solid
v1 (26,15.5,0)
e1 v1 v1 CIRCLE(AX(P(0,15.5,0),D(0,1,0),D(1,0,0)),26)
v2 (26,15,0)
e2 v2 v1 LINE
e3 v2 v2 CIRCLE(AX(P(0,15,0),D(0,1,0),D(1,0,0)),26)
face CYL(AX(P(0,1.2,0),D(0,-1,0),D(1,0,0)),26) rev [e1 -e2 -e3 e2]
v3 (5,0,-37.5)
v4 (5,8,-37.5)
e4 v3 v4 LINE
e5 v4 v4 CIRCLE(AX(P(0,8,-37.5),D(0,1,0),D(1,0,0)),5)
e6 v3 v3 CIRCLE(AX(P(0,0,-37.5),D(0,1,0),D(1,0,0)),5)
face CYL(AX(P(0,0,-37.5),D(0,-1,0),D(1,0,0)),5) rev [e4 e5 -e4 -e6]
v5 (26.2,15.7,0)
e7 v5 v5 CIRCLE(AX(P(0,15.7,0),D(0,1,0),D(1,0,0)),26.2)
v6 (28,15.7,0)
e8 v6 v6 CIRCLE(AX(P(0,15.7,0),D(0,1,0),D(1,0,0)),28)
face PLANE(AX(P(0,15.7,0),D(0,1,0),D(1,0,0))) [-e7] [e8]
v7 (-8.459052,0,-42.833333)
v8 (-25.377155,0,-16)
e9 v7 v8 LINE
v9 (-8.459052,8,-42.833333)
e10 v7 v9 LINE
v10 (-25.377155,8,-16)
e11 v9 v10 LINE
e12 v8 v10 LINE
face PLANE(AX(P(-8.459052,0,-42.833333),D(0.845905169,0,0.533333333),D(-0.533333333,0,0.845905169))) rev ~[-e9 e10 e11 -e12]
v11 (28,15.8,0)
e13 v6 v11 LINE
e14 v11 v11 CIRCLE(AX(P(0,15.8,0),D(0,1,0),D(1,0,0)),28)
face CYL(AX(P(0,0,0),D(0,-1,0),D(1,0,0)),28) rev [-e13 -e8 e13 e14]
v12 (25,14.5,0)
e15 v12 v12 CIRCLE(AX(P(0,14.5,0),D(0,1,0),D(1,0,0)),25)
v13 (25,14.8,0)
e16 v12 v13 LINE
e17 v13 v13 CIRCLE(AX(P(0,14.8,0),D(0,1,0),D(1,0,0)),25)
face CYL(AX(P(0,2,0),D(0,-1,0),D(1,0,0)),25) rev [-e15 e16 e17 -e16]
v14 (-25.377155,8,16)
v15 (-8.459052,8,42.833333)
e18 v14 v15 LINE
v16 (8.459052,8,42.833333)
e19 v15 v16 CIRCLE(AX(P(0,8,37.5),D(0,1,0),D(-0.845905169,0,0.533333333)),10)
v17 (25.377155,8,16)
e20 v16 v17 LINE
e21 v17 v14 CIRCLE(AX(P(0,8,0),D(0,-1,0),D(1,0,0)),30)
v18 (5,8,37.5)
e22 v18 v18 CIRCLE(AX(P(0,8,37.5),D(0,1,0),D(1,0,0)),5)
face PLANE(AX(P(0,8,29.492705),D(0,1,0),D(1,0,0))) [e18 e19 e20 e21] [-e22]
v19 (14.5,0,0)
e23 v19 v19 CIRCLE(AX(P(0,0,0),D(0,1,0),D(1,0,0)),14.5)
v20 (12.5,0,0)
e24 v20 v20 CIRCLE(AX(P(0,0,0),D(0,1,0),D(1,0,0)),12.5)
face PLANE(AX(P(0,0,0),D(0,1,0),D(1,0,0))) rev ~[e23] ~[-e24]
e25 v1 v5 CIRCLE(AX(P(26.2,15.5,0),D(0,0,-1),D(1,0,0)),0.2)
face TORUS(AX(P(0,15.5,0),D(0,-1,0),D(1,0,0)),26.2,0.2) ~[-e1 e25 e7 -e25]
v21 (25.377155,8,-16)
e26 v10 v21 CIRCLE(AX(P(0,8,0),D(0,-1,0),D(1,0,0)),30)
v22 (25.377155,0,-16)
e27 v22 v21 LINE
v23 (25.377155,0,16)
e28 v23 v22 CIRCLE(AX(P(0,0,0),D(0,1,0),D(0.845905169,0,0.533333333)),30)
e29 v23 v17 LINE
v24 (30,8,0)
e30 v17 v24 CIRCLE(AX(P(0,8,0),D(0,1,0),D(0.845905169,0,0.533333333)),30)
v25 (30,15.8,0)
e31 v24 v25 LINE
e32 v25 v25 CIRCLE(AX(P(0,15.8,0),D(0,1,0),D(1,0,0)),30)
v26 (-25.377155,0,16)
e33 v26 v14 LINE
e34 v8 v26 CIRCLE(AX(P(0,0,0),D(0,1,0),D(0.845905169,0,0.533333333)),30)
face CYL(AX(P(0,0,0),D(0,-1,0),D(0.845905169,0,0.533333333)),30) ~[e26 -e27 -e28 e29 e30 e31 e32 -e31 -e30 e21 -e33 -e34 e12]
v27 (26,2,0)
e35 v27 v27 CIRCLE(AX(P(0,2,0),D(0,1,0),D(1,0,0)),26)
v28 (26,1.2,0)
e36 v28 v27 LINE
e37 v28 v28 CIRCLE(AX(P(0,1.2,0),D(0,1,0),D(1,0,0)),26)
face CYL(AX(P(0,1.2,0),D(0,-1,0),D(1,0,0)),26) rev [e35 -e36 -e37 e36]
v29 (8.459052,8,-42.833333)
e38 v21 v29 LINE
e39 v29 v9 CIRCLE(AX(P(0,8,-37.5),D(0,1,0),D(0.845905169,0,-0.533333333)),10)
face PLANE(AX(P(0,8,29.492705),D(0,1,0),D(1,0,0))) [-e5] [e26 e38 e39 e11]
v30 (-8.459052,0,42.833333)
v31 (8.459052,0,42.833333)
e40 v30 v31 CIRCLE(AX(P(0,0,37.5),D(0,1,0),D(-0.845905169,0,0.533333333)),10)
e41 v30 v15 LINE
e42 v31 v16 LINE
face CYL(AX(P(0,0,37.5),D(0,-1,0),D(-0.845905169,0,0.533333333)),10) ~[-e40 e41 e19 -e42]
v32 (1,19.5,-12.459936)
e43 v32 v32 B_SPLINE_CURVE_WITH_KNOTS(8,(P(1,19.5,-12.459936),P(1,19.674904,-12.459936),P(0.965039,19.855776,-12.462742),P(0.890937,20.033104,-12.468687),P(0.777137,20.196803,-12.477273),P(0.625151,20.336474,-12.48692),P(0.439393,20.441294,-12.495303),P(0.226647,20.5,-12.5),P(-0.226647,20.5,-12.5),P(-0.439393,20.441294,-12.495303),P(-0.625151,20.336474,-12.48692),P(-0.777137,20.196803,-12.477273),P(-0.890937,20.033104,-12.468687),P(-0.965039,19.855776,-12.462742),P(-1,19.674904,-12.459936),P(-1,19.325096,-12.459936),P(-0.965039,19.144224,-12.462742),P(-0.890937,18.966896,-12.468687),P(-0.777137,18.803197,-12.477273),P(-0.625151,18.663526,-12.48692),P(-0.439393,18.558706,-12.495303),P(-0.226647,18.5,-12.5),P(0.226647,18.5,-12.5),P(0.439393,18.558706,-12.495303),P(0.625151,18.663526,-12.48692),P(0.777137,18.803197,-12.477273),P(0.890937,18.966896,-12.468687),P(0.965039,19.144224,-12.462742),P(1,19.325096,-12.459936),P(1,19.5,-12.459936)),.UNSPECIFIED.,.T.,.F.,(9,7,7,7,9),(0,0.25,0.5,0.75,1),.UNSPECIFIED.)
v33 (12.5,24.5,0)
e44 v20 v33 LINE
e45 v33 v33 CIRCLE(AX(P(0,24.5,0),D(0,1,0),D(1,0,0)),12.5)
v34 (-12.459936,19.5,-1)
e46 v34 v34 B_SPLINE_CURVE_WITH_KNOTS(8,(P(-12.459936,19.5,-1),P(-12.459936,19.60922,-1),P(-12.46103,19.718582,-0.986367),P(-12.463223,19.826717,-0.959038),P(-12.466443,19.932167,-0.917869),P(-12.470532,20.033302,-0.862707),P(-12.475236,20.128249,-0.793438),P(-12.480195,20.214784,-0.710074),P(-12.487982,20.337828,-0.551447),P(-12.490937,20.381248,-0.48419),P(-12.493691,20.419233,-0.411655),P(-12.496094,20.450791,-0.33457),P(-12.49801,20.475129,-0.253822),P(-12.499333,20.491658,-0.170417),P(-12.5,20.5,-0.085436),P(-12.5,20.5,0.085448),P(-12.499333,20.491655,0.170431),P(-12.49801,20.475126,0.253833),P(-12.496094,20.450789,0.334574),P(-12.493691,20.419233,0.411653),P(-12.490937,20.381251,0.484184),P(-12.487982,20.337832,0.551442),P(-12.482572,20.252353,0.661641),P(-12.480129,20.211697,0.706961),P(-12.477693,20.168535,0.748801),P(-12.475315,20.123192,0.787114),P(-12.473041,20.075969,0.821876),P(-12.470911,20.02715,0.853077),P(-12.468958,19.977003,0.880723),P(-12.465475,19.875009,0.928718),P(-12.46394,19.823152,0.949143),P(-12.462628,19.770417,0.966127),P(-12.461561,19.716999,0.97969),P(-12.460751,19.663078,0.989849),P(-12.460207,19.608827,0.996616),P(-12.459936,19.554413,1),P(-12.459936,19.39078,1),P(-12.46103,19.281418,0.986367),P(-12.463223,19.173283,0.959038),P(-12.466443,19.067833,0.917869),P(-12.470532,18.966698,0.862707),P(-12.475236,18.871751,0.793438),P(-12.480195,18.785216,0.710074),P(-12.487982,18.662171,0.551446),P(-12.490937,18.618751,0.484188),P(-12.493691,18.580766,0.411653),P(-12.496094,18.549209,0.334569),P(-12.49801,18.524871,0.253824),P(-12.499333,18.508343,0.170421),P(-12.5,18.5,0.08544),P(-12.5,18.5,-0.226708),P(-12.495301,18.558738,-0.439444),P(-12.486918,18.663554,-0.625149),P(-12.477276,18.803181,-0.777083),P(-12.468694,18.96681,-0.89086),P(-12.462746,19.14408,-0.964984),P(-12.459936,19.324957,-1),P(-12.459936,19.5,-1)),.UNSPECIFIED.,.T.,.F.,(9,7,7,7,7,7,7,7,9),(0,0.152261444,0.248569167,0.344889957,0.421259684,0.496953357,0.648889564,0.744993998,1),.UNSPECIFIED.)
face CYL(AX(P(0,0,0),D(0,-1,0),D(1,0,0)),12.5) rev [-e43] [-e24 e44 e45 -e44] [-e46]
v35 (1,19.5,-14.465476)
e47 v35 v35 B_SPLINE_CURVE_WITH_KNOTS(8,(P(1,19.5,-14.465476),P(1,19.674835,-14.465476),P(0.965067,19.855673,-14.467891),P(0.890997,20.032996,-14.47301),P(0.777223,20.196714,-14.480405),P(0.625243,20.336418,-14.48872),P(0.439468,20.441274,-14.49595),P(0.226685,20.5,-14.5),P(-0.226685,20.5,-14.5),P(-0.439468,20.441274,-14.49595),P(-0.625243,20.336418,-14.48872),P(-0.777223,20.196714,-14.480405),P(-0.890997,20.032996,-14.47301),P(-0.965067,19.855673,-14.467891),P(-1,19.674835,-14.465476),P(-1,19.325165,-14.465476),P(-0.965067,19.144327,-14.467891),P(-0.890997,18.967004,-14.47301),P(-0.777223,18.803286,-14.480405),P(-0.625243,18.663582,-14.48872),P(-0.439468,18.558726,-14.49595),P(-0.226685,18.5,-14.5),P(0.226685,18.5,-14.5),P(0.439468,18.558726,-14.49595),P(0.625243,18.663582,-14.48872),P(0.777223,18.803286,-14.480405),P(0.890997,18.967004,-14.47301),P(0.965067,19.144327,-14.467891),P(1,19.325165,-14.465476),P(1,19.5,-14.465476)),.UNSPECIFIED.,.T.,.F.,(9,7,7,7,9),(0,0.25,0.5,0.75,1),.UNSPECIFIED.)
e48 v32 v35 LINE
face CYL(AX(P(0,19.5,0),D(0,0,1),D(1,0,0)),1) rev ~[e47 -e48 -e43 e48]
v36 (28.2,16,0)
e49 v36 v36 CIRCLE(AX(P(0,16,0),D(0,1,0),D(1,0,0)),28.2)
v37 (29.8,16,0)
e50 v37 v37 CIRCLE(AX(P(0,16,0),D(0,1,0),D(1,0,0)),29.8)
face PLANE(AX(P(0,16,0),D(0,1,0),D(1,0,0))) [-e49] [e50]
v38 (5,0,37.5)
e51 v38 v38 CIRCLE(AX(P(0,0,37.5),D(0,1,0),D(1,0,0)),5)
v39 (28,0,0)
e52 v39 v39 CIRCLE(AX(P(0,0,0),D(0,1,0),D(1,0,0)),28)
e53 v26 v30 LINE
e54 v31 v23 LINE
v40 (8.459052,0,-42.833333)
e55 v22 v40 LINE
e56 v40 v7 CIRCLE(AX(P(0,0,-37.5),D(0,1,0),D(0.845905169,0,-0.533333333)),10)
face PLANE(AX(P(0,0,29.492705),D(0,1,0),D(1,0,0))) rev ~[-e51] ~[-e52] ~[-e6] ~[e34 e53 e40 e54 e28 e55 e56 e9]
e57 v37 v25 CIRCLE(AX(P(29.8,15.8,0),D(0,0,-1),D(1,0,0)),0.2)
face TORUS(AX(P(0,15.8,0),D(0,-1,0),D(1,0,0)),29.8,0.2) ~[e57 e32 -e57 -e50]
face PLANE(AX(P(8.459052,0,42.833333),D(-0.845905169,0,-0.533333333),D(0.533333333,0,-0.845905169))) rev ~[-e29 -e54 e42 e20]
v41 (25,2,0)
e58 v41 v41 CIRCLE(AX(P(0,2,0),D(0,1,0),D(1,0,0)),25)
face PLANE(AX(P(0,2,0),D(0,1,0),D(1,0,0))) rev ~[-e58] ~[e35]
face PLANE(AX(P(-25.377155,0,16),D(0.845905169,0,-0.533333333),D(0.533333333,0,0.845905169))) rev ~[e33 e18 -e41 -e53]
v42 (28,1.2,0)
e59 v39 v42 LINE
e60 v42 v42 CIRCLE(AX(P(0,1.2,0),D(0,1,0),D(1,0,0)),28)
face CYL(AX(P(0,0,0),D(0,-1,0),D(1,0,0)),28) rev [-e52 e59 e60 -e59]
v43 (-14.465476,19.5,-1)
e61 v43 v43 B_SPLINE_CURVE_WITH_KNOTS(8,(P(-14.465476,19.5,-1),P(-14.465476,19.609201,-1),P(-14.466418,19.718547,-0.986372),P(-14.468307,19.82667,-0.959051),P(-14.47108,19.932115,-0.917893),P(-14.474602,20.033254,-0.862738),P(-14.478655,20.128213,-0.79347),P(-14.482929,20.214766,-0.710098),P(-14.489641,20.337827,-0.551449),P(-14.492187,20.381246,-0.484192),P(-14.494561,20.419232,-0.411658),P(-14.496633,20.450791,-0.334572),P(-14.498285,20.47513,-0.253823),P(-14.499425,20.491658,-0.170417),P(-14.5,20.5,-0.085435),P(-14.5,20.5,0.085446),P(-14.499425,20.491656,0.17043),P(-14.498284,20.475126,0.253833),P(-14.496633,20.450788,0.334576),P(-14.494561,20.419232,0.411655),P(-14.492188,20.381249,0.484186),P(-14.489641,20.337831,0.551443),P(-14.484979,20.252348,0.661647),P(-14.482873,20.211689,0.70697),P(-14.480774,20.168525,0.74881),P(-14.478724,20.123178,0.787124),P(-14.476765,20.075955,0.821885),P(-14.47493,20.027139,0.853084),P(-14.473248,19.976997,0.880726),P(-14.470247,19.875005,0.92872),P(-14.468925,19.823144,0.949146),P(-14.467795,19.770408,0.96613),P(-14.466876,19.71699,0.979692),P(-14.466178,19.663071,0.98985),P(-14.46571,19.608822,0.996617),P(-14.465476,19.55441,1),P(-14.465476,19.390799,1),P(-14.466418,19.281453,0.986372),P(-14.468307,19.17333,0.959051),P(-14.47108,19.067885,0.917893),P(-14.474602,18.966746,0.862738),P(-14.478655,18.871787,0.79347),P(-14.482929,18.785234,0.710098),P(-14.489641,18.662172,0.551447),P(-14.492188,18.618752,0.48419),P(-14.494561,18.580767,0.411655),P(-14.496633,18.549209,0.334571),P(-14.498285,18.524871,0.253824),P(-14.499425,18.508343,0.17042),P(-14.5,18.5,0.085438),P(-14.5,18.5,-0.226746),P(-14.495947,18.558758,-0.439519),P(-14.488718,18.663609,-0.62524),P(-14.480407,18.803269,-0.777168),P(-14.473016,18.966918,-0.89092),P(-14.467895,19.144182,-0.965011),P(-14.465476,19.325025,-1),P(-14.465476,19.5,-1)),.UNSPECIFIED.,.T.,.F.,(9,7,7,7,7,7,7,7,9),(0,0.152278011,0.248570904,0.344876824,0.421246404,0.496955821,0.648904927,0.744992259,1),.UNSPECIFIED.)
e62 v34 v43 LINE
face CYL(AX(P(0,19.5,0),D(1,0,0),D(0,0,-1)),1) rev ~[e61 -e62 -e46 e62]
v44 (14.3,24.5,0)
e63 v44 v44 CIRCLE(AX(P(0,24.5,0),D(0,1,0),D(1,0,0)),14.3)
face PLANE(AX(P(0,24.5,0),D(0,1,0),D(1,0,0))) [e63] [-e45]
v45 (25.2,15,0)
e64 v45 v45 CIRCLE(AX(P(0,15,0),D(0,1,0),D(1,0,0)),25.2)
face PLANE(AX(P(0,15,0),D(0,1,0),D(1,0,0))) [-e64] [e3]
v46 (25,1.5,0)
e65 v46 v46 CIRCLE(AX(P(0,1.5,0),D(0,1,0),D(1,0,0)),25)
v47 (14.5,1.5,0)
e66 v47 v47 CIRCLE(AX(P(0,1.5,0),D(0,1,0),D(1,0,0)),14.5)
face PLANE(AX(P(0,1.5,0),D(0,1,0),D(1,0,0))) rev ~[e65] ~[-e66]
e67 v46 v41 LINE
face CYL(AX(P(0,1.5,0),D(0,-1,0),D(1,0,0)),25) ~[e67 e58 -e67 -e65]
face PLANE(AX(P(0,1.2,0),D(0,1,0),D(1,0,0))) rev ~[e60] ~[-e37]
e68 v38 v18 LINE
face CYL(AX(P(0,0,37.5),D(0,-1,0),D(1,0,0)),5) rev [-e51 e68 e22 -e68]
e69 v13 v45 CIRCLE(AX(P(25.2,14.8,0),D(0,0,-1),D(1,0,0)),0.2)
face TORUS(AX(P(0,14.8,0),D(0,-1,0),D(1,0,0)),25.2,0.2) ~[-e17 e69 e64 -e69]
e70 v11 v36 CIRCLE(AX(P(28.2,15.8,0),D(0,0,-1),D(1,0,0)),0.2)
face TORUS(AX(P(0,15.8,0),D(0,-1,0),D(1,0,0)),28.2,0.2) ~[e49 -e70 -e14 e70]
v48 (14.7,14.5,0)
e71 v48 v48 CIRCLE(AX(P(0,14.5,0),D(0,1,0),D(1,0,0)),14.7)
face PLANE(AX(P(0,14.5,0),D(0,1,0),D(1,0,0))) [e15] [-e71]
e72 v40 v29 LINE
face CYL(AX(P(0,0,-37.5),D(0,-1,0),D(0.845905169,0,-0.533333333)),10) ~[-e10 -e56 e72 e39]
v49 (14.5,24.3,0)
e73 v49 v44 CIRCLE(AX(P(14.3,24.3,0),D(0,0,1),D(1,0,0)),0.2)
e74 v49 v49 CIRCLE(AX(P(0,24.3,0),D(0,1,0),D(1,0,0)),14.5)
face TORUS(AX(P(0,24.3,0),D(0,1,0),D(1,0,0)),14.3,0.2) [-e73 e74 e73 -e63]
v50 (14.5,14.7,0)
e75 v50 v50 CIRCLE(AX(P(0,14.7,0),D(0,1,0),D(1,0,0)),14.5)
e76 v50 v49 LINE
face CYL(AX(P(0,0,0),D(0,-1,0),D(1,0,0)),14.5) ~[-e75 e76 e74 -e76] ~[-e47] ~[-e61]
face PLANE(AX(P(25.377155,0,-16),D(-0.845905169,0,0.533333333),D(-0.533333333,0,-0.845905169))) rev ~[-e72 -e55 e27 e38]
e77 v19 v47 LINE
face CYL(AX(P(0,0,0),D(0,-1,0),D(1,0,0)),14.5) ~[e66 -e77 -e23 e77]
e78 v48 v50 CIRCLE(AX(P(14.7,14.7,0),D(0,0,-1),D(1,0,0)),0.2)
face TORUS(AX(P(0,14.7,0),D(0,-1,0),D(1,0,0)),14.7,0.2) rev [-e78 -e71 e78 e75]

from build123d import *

# Parameters (mm, degrees)
SKETCH1_R             = 4.999999999999999
SKETCH1_R_2           = 27.999999999999996
EXTRUDE_A1_DEPTH      = 8
SKETCH1_3_R           = 27.999999999999996
EXTRUDE_A_DEPTH       = 16
SKETCH1_4_R           = 14.5
SKETCH1_4_R_2         = 12.5
EXTRUDE_A0_DEPTH      = 24.5
BEARING_START         = 2
SKETCH1_7_R           = 25.999999999999996
SKETCH1_7_R_2         = 24.999999999999993
BEARING_OUTER_D_DEPTH = 13
BOSS_EXTRUDE6_START   = 1.2
SKETCH1_8_R           = 27.999999999999996
SKETCH1_8_R_2         = 25.999999999999996
BOSS_EXTRUDE6_DEPTH   = 14.5
BOSS_EXTRUDE7_START   = 1.5
SKETCH1_9_R           = 24.999999999999993
SKETCH1_9_R_2         = 14.5
BOSS_EXTRUDE7_DEPTH   = 13
CUT_EXTRUDE1_REACH    = 63.29
SKETCH2_R             = 1.0000000000000018
CUT_EXTRUDE2_REACH    = 63.29
SKETCH3_R             = 1.0000000000000024
FILLET1_R             = 0.2
FILLET2_R             = 0.2


with BuildPart() as part:
    # Sketch1 → Extrude A1 (new body)
    with BuildSketch(Plane(origin=(0, 0, 0), x_dir=(1, 0, 0), z_dir=(0, 1, 0))):
        with BuildLine():
            Line((8.459051693633015, -42.833333333333336), (25.37715508089905, -16))
            ThreePointArc((25.377155080899044, -15.999999999999996), (30, 0), (25.377155080899044, 15.999999999999993))
            Line((25.37715508089905, 16), (8.459051693633015, 42.833333333333336))
            ThreePointArc((8.459051693633013, 42.833333333333336), (1.33e-15, 47.5), (-8.459051693633013, 42.833333333333336))
            Line((-8.459051693633015, 42.833333333333336), (-25.37715508089905, 16))
            ThreePointArc((-25.377155080899048, 15.99999999999999), (-30, 3.67e-15), (-25.37715508089905, -15.999999999999982))
            Line((-25.37715508089905, -16), (-8.459051693633015, -42.833333333333336))
            ThreePointArc((-8.459051693633013, -42.833333333333336), (-8.9e-16, -47.5), (8.459051693633013, -42.833333333333336))
        make_face()
        with Locations((0, -37.5)):
            Circle(SKETCH1_R, mode=Mode.SUBTRACT)
        Circle(SKETCH1_R_2, mode=Mode.SUBTRACT)
        with Locations((0, 37.5)):
            Circle(SKETCH1_R, mode=Mode.SUBTRACT)
    extrude(amount=EXTRUDE_A1_DEPTH)

    # Sketch1<3> → Extrude A (add)
    with BuildSketch(Plane(origin=(0, 0, 0), x_dir=(1, 0, 0), z_dir=(0, 1, 0))):
        with BuildLine():
            ThreePointArc((-25.37715508089905, -15.999999999999982), (-5.51e-15, -30), (25.377155080899044, -15.999999999999993))
            ThreePointArc((25.377155080899044, -15.999999999999993), (28.82112638696631, -8.32722485504711), (30, -7.35e-15))
            ThreePointArc((30, 0), (28.82112638696631, 8.327224855047108), (25.377155080899044, 15.999999999999993))
            ThreePointArc((25.377155080899044, 15.999999999999993), (-4.82e-15, 30), (-25.377155080899048, 15.99999999999999))
            ThreePointArc((-25.377155080899048, 15.99999999999999), (-30, 3.67e-15), (-25.37715508089905, -15.999999999999982))
        make_face()
        Circle(SKETCH1_3_R, mode=Mode.SUBTRACT)
    extrude(amount=EXTRUDE_A_DEPTH)



with BuildPart() as body_2:
    # Sketch1<4> → Extrude A0 (new body)
    with BuildSketch(Plane(origin=(0, 0, 0), x_dir=(1, 0, 0), z_dir=(0, 1, 0))):
        Circle(SKETCH1_4_R)
        Circle(SKETCH1_4_R_2, mode=Mode.SUBTRACT)
    extrude(amount=EXTRUDE_A0_DEPTH)


with BuildPart() as body_3:
    # Sketch1<7> → Bearing outer d (new body)
    with BuildSketch(Plane(origin=(0, 0, 0), x_dir=(1, 0, 0), z_dir=(0, 1, 0)).offset(BEARING_START)):
        Circle(SKETCH1_7_R)
        Circle(SKETCH1_7_R_2, mode=Mode.SUBTRACT)
    extrude(amount=BEARING_OUTER_D_DEPTH)


with BuildPart() as part_1:
    add(part.part)

    add(body_3.part)  # Boss-Extrude6 merges body 3
    # Sketch1<8> → Boss-Extrude6 (add)
    with BuildSketch(Plane(origin=(0, 0, 0), x_dir=(1, 0, 0), z_dir=(0, 1, 0)).offset(BOSS_EXTRUDE6_START)):
        Circle(SKETCH1_8_R)
        Circle(SKETCH1_8_R_2, mode=Mode.SUBTRACT)
    extrude(amount=BOSS_EXTRUDE6_DEPTH)


    add(body_2.part)  # Boss-Extrude7 merges body 2
    # Sketch1<9> → Boss-Extrude7 (add)
    with BuildSketch(Plane(origin=(0, 0, 0), x_dir=(1, 0, 0), z_dir=(0, 1, 0)).offset(BOSS_EXTRUDE7_START)):
        Circle(SKETCH1_9_R)
        Circle(SKETCH1_9_R_2, mode=Mode.SUBTRACT)
    extrude(amount=BOSS_EXTRUDE7_DEPTH)

    # Sketch2 → Cut-Extrude1 (cut, up to next)
    with BuildSketch(Plane(origin=(0, 0, 0), x_dir=(0, 0, -1), z_dir=(1, 0, 0)), mode=Mode.PRIVATE) as cut_extrude1_sk1:
        with Locations((-8.7e-16, 19.5)):
            Circle(SKETCH2_R)
    cut_extrude1_tool1 = extrude(cut_extrude1_sk1.sketch, amount=-CUT_EXTRUDE1_REACH, mode=Mode.PRIVATE) & part_1.part
    add(cut_extrude1_tool1.solids().sort_by_distance((0, 19.5, 0))[0], mode=Mode.SUBTRACT)

    # Sketch3 → Cut-Extrude2 (cut, up to next)
    with BuildSketch(Plane.XY, mode=Mode.PRIVATE) as cut_extrude2_sk1:
        with Locations((0, 19.5)):
            Circle(SKETCH3_R)
    cut_extrude2_tool1 = extrude(cut_extrude2_sk1.sketch, amount=-CUT_EXTRUDE2_REACH, mode=Mode.PRIVATE) & part_1.part
    add(cut_extrude2_tool1.solids().sort_by_distance((0, 19.5, 0))[0], mode=Mode.SUBTRACT)

    # Fillet1
    fillet1_edges = [part_1.edges().sort_by_distance(p)[0] for p in [
        (-24.999999999999993, 15, -3.06e-15),
    ]]
    fillet(fillet1_edges, radius=FILLET1_R)

    # Fillet2
    fillet2_edges = [part_1.edges().sort_by_distance(p)[0] for p in [
        (-14.5, 24.5, -1.78e-15),
        (-14.5, 14.5, -1.78e-15),
        (-29.99999999999998, 16, -9.2e-15),
        (-27.999999999999996, 16, -3.43e-15),
        (-25.999999999999996, 15.7, -3.18e-15),
    ]]
    fillet(fillet2_edges, radius=FILLET2_R)


solid = part_1.part
